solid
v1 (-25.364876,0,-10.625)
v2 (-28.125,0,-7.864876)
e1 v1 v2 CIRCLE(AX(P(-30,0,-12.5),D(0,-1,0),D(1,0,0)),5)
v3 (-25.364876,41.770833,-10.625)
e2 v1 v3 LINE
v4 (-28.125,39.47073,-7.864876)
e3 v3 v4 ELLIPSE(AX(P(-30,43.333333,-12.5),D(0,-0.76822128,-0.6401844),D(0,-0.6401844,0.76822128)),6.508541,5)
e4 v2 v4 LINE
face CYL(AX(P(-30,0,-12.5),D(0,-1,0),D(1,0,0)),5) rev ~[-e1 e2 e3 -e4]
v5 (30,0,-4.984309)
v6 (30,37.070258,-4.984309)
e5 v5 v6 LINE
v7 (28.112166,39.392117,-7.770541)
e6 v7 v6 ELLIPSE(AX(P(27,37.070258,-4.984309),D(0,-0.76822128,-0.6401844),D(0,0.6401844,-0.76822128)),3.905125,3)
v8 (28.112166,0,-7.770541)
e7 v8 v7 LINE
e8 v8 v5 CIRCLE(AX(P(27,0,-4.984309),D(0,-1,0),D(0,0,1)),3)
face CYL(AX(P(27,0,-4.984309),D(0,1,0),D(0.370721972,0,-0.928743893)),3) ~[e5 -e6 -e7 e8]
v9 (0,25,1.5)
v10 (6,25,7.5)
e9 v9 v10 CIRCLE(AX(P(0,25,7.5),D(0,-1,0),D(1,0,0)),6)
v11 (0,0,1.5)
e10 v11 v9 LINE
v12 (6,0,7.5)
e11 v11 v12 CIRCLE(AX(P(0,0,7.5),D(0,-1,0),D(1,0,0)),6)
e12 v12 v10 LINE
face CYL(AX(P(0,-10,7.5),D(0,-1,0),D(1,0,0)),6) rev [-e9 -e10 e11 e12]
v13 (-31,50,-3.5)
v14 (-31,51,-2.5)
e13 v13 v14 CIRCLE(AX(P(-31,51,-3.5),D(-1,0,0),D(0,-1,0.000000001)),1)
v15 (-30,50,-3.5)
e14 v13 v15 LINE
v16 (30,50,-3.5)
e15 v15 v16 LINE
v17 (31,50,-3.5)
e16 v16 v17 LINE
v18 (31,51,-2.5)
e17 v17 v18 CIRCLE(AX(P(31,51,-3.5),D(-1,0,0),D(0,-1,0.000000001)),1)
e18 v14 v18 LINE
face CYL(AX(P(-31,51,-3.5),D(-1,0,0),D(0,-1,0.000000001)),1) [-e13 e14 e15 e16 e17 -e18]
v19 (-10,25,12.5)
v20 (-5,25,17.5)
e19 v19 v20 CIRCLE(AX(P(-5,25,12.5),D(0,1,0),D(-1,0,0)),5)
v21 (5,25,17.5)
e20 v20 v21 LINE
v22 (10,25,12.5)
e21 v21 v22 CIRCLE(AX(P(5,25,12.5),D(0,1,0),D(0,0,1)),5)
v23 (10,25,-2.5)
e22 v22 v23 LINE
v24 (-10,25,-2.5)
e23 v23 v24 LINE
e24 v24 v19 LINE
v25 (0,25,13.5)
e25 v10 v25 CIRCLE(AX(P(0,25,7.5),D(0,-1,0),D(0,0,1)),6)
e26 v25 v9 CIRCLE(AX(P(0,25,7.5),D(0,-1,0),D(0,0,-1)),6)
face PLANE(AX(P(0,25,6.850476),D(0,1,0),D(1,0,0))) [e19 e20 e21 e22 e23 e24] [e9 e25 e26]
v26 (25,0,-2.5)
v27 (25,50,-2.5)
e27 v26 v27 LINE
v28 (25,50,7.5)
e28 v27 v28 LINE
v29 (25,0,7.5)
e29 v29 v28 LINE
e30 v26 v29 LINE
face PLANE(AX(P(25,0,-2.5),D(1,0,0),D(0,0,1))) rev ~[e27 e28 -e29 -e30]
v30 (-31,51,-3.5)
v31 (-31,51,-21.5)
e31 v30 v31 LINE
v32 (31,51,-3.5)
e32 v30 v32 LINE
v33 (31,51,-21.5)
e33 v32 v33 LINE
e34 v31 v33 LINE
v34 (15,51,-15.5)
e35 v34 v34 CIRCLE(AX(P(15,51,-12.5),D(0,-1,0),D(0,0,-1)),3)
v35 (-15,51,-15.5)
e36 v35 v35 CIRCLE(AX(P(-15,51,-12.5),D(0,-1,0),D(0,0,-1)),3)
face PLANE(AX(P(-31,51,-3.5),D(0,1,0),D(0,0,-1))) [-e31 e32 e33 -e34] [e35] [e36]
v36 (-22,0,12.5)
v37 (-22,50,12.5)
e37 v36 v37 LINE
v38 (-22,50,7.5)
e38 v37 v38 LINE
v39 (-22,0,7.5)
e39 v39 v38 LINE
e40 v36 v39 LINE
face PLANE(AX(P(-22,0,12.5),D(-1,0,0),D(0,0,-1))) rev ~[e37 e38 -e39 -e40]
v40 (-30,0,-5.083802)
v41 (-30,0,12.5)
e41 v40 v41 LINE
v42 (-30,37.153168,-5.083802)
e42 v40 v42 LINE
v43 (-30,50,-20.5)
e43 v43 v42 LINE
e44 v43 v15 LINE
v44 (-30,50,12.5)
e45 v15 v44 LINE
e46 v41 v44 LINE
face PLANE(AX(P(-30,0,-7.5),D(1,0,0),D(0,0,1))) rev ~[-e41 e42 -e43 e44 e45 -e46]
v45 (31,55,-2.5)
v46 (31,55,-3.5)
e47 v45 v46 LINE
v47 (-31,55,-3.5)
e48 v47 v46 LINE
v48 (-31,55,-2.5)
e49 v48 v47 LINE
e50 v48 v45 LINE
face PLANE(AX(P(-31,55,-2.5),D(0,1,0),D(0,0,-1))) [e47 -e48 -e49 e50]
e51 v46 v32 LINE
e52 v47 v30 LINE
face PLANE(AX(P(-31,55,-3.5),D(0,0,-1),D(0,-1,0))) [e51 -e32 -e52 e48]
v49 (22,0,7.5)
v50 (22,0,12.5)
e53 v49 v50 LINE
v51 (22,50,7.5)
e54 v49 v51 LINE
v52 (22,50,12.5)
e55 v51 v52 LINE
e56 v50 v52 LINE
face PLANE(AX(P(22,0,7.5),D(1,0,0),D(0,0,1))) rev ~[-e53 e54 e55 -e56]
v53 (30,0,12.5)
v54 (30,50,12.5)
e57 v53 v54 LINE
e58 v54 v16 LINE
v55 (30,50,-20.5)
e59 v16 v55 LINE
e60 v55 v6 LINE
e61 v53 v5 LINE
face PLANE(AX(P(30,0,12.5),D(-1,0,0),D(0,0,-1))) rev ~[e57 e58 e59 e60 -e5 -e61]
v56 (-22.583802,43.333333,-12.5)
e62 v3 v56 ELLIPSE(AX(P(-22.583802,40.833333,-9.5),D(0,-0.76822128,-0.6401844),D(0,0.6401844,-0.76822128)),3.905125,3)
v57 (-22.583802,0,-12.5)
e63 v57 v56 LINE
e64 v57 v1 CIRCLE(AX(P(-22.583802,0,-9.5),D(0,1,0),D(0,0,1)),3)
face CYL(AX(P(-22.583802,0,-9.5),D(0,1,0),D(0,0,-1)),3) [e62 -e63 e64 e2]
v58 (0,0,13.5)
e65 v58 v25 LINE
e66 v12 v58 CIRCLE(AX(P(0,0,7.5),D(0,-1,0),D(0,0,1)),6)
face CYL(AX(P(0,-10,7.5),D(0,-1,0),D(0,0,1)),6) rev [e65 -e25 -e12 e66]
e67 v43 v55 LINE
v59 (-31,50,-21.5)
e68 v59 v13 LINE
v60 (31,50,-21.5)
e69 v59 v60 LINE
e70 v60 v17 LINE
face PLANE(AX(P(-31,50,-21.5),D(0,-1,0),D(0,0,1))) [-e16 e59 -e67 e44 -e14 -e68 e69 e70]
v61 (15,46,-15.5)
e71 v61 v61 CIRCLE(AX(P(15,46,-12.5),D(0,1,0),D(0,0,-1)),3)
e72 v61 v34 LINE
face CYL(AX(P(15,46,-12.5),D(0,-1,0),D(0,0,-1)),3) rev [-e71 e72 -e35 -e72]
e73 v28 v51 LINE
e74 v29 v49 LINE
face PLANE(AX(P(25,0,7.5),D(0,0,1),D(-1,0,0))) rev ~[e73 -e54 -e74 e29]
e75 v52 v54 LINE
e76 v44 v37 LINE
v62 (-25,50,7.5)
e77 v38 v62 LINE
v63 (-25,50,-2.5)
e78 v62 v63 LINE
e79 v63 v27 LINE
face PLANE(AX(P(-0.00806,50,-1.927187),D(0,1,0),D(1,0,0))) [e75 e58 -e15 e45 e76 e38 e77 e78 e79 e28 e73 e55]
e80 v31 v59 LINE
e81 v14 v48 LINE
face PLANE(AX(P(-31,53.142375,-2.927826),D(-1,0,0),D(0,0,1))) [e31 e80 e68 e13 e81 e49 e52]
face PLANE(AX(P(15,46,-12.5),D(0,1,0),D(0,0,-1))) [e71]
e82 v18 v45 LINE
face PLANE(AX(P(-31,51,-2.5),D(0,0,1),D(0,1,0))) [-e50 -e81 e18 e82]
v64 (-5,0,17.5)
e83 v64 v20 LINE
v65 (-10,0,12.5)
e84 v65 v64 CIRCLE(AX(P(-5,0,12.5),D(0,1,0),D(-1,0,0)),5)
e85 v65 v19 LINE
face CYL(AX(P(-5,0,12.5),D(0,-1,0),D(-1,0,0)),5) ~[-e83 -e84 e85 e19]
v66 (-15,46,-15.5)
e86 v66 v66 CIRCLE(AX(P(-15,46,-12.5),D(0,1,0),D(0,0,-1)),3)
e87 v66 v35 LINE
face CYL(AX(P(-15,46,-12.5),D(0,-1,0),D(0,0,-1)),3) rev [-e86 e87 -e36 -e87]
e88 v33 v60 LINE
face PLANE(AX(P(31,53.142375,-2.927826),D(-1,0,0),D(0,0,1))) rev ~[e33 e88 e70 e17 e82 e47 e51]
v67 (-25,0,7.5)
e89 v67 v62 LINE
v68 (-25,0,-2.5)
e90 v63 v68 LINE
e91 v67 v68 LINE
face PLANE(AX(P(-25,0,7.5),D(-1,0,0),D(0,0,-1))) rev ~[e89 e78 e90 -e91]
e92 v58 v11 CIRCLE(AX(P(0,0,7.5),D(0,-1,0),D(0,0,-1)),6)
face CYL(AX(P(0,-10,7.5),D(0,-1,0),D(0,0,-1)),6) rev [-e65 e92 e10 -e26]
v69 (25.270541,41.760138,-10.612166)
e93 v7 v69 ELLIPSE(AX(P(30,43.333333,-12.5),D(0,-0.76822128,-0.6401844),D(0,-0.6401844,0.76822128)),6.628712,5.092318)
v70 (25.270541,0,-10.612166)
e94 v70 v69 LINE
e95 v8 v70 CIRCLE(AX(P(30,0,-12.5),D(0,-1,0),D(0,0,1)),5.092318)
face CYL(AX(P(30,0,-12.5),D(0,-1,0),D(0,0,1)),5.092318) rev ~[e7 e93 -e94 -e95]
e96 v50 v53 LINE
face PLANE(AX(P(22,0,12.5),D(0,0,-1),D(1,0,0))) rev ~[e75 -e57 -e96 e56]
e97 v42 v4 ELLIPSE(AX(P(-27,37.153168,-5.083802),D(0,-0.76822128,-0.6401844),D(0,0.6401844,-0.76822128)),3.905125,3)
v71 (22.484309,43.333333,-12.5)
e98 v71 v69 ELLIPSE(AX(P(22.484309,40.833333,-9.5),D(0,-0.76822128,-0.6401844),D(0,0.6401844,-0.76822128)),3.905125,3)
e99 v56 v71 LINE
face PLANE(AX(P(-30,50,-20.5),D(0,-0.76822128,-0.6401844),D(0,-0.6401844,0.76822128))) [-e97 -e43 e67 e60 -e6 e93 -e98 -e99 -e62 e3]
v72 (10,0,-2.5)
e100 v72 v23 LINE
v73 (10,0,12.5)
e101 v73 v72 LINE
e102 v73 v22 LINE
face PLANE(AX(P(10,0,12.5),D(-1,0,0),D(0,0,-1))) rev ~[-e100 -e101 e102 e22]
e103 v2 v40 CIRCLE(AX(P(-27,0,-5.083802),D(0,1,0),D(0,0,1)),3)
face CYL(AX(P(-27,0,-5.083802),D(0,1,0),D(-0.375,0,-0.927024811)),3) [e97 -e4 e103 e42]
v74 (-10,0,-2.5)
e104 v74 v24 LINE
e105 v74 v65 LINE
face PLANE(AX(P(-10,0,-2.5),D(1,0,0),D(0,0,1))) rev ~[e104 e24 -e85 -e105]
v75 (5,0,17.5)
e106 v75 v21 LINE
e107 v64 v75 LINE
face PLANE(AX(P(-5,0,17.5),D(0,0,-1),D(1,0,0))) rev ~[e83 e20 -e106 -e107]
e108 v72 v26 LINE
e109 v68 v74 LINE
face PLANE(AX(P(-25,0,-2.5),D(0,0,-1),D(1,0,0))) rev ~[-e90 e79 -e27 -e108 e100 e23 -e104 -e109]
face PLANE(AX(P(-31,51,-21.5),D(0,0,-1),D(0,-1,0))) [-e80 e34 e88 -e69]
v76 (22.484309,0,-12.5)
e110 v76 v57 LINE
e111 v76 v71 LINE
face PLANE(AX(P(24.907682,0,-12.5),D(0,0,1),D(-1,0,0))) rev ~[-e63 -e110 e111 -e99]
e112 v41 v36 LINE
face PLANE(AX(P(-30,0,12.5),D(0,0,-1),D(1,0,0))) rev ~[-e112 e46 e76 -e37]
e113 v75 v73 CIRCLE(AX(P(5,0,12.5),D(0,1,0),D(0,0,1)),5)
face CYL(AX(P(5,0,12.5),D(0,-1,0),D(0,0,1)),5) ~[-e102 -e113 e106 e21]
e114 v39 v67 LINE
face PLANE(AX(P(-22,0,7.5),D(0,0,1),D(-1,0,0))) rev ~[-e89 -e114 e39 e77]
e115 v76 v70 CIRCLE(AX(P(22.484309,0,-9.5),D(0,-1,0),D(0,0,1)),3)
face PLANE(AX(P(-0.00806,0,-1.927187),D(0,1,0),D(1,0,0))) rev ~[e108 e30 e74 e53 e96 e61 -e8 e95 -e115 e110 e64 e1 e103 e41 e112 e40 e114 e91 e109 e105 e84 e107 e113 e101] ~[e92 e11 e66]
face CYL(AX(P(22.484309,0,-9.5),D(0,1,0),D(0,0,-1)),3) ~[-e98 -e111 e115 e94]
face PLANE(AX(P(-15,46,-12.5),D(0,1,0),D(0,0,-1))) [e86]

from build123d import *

# Parameters (mm, degrees)
EXTRUDE_1_DEPTH           = 50
FILLET_3_R                = 3
FILLET_4_R                = 3
EXTRUDE_4_DEPTH           = 60
EXTRUDE_5_DEPTH           = 62
CUT_EXTRUDE_7_DEPTH       = 63.635852353
CUT_EXTRUDE_7_DEPTH_BACK  = 4
SKETCH_8_R                = 3
EXTRUDE_6_DEPTH           = 25
CUT_EXTRUDE_10_DEPTH      = 67.695202226
CUT_EXTRUDE_10_DEPTH_BACK = 10


with BuildPart() as part:
    # 草图2 → 凸台-拉伸1 (new body)
    with BuildSketch(Plane(origin=(0, 0, 0), x_dir=(1, 0, 0), z_dir=(0, 1, 0))):
        with BuildLine():
            Line((25, -7.5), (22, -7.5))
            Line((22, -7.5), (22, -12.5))
            Line((22, -12.5), (30, -12.5))
            Line((30, -12.5), (30, 7.407682229))
            ThreePointArc((30, 7.407682229), (26.399187572, 8.899187572), (24.907682229, 12.5))
            Line((24.907682229, 12.5), (-25, 12.5))
            ThreePointArc((-25, 12.5), (-26.464466094, 8.964466094), (-30, 7.5))
            Line((-30, 7.5), (-30, -12.5))
            Line((-30, -12.5), (-22, -12.5))
            Line((-22, -12.5), (-22, -7.5))
            Line((-22, -7.5), (-25, -7.5))
            Line((-25, -7.5), (-25, 2.5))
            Line((-25, 2.5), (25, 2.5))
            Line((25, 2.5), (25, -7.5))
        make_face()
    extrude(amount=EXTRUDE_1_DEPTH)

    # 圆角3
    fillet_3_edges = [part.edges().sort_by_distance(p)[0] for p in [
        (-30, 25, -7.5),
        (-25, 25, -12.5),
    ]]
    fillet(fillet_3_edges, radius=FILLET_3_R)

    # 圆角4
    fillet_4_edges = [part.edges().sort_by_distance(p)[0] for p in [
        (24.907682229, 25, -12.5),
        (30, 25, -7.407682229),
    ]]
    fillet(fillet_4_edges, radius=FILLET_4_R)

    # 草图5 → 凸台-拉伸4 (add)
    with BuildSketch(Plane.ZY.offset(30)):
        Polygon((-2.5, 50), (-20.5, 50), (-2.5, 35), align=None)
    extrude(amount=-EXTRUDE_4_DEPTH)

    # 草图7 → 凸台-拉伸5 (add)
    with BuildSketch(Plane.ZY.offset(31)):
        with BuildLine():
            Line((-2.5, 51), (-2.5, 51.591557712))
            Line((-2.5, 51.591557712), (-2.5, 55))
            Line((-2.5, 55), (-3.5, 55))
            Line((-3.5, 55), (-3.5, 52))
            ThreePointArc((-3.5, 52), (-2.792893219, 51.707106781), (-2.5, 51))
        make_face()
        with BuildLine():
            ThreePointArc((-3.5, 50), (-2.792893219, 50.292893219), (-2.5, 51))
            ThreePointArc((-2.5, 51), (-2.792893219, 51.707106781), (-3.5, 52))
            Line((-3.5, 52), (-3.5, 51))
            Line((-3.5, 51), (-4.5, 51))
            ThreePointArc((-4.5, 51), (-4.207106781, 50.292893219), (-3.5, 50))
        make_face()
        with BuildLine():
            Line((-21.5, 50), (-3.5, 50))
            ThreePointArc((-3.5, 50), (-4.207106781, 50.292893219), (-4.5, 51))
            Line((-4.5, 51), (-21.5, 51))
            Line((-21.5, 51), (-21.5, 50))
        make_face()
    extrude(amount=-EXTRUDE_5_DEPTH)

    # 草图8 → 切除-拉伸7 (cut, two sides: drawn at the far end of the back side and taken through both)
    with BuildSketch(Plane(origin=(0, 50, 0), x_dir=(1, 0, 0), z_dir=(0, 1, 0)).offset(-CUT_EXTRUDE_7_DEPTH_BACK)):
        with Locations(Location((-15, 12.5, 0), (0, 0, 90))):
            Circle(SKETCH_8_R)
        with Locations(Location((15, 12.5, 0), (0, 0, 90))):
            Circle(SKETCH_8_R)
    extrude(amount=CUT_EXTRUDE_7_DEPTH + CUT_EXTRUDE_7_DEPTH_BACK, mode=Mode.SUBTRACT)

    # 草图9 → 凸台-拉伸6 (add)
    with BuildSketch(Plane(origin=(0, 0, 0), x_dir=(1, 0, 0), z_dir=(0, 1, 0))):
        with BuildLine():
            Line((-5, -17.5), (5, -17.5))
            ThreePointArc((5, -17.5), (8.535533906, -16.035533906), (10, -12.5))
            Line((10, -12.5), (10, 2.5))
            Line((10, 2.5), (-10, 2.5))
            Line((-10, 2.5), (-10, -12.5))
            ThreePointArc((-10, -12.5), (-8.535533906, -16.035533906), (-5, -17.5))
        make_face()
    extrude(amount=EXTRUDE_6_DEPTH)

    # 草图9<8> → 切除-拉伸10 (cut, two sides: drawn at the far end of the back side and taken through both)
    with BuildSketch(Plane(origin=(0, 0, 0), x_dir=(1, 0, 0), z_dir=(0, 1, 0)).offset(-CUT_EXTRUDE_10_DEPTH_BACK)):
        with BuildLine():
            ThreePointArc((0, -1.5), (-6, -7.5), (0, -13.5))
            Line((0, -13.5), (0, -7.5))
            Line((0, -7.5), (0, -1.5))
        make_face()
        with BuildLine():
            Line((0, -7.5), (0, -13.5))
            ThreePointArc((0, -13.5), (4.242640687, -11.742640687), (6, -7.5))
            ThreePointArc((6, -7.5), (4.242640687, -3.257359313), (0, -1.5))
            Line((0, -1.5), (0, -7.5))
        make_face()
    extrude(amount=CUT_EXTRUDE_10_DEPTH + CUT_EXTRUDE_10_DEPTH_BACK, mode=Mode.SUBTRACT)


solid = part.part
